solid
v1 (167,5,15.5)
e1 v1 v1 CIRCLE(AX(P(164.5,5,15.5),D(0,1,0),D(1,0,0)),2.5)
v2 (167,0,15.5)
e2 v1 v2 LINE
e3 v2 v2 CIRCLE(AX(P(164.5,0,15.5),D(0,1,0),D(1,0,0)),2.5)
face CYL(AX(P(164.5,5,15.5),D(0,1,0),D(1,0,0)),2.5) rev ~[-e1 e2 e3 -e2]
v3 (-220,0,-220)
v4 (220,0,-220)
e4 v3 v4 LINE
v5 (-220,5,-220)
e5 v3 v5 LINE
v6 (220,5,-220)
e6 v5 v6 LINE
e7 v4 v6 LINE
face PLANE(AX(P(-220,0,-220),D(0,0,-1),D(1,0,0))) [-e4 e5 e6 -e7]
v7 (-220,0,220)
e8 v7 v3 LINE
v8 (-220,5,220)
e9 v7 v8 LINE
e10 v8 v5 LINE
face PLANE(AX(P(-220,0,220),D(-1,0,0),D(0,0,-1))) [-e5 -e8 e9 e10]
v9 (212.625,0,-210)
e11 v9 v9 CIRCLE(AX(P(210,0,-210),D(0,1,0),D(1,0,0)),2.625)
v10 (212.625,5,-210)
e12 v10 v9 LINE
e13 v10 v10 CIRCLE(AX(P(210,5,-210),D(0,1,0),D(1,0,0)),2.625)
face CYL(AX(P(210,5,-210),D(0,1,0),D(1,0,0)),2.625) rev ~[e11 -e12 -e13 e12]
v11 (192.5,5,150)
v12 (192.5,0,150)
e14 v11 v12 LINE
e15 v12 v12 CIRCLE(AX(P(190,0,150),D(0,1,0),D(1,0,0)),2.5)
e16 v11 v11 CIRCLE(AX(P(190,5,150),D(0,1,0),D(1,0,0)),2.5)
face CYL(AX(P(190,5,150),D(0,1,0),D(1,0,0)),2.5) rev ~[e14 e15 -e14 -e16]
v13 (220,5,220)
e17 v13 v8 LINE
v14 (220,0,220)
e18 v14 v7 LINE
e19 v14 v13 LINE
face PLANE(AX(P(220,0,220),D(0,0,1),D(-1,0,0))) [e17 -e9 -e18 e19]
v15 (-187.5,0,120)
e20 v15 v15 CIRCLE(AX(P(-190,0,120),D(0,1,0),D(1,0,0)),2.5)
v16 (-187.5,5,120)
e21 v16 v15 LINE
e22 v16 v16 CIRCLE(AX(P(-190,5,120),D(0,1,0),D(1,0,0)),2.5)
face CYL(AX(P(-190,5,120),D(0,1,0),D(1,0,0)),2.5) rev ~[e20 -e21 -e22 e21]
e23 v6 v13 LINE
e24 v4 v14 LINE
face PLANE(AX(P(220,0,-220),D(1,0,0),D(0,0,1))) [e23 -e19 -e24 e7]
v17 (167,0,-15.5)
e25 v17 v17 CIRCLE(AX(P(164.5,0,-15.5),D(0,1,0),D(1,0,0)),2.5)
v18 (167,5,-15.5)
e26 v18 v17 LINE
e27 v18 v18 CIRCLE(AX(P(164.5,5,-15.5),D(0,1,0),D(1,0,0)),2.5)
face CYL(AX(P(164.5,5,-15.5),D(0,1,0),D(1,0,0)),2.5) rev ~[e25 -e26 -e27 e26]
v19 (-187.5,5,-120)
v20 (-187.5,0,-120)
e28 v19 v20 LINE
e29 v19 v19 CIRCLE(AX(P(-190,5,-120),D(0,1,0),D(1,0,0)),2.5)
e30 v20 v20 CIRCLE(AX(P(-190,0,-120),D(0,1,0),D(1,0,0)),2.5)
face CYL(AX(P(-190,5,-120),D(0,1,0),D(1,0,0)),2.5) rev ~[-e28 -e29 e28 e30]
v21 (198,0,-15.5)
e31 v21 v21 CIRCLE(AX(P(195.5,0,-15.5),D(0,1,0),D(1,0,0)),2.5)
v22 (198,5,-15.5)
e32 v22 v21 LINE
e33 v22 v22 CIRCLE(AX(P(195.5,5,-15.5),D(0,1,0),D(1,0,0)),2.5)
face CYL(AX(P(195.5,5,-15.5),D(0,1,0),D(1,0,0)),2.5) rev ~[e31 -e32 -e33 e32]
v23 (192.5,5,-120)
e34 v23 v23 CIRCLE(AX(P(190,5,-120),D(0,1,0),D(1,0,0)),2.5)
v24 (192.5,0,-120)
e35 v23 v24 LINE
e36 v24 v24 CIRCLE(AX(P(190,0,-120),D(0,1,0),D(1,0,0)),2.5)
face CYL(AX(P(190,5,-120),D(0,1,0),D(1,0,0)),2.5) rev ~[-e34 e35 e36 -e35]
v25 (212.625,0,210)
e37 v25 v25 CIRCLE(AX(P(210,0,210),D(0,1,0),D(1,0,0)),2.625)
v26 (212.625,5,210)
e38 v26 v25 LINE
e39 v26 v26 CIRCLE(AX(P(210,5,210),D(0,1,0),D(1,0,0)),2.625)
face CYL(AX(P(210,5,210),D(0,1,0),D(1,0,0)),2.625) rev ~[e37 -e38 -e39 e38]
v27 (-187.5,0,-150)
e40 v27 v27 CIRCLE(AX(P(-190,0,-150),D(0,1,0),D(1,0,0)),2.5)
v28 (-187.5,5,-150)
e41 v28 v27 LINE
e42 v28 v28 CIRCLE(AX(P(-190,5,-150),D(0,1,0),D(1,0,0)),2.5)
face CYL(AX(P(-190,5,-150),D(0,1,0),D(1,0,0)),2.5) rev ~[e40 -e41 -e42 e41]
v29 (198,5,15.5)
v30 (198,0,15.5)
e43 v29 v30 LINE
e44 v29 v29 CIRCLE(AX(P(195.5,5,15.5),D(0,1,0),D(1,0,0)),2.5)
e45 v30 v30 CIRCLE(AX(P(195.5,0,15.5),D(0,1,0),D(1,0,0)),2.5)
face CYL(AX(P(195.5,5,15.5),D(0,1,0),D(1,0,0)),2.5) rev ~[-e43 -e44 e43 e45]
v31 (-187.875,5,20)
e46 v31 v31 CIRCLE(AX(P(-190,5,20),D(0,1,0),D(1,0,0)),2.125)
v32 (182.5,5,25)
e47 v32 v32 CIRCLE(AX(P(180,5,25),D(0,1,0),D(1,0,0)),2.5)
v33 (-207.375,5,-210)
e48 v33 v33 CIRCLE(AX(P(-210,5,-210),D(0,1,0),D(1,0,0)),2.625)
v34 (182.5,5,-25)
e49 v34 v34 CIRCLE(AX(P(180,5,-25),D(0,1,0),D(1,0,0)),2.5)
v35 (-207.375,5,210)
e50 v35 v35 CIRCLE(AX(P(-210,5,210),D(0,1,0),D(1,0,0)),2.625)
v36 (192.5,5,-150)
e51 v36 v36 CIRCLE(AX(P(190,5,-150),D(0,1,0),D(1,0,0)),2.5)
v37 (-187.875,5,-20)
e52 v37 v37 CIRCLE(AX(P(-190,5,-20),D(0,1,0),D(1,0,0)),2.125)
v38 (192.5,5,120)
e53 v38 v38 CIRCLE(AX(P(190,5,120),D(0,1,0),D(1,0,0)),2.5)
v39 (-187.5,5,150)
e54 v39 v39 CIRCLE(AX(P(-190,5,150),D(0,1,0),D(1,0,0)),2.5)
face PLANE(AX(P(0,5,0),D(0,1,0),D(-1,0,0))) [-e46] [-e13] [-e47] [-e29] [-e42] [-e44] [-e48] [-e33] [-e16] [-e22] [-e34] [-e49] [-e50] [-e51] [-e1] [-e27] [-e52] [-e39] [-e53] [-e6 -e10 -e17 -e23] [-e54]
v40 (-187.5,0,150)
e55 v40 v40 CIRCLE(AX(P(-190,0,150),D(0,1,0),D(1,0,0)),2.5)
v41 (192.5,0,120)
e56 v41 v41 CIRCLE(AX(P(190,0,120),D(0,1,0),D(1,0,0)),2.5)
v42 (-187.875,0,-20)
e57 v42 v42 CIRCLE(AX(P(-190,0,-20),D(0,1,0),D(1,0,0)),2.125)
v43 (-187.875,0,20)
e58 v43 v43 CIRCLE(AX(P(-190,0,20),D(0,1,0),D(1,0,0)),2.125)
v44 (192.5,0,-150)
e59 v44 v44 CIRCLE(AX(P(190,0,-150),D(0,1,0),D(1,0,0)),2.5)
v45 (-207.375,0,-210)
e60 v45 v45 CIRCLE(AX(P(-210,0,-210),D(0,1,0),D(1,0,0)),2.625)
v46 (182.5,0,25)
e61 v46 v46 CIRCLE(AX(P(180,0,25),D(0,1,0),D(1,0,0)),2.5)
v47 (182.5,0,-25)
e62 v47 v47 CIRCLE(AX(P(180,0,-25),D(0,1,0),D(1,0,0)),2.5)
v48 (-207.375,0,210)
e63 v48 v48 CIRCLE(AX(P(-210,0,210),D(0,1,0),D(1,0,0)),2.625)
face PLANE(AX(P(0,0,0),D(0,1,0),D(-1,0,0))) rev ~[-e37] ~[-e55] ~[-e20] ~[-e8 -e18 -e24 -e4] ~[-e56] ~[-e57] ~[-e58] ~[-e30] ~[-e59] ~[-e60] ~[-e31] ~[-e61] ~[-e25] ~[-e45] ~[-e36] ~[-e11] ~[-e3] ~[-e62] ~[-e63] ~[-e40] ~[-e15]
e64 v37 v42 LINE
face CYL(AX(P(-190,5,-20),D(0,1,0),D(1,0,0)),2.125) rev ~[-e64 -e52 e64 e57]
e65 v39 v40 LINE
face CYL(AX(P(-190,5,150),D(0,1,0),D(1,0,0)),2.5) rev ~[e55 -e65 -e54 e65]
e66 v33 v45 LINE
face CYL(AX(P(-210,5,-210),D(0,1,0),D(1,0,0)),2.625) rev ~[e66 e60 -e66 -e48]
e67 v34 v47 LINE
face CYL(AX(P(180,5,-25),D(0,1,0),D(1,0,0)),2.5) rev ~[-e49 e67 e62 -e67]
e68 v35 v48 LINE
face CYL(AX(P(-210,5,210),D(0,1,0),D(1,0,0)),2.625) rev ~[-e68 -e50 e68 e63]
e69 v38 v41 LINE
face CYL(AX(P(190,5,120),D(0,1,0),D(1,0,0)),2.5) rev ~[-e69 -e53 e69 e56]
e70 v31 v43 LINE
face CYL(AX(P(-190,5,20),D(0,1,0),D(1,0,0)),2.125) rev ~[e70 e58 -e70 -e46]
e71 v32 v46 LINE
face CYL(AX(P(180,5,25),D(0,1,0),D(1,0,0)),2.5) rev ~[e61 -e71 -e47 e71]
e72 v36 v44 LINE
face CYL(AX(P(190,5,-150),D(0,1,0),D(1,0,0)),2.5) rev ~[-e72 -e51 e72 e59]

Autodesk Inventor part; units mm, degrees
ref_plane "YZ Plane" through (0, 0, 0) normal (1, 0, 0) x (0, 1, 0)
ref_plane "XZ Plane" through (0, 0, 0) normal (0, 1, 0) x (-1, 0, 0)
ref_plane "XY Plane" through (0, 0, 0) normal (0, 0, 1) x (1, 0, 0)
sketch "Sketch1" plane through (0, 0, 0) normal (0, 1, 0) x (-1, 0, 0)
  line L0 (220, -220) -> (-220, -220)
  line L1 (-220, -220) -> (-220, 220)
  line L2 (-220, 220) -> (220, 220)
  line L3 (220, 220) -> (220, -220)
  line L4 (160, -160) -> (-160, -160)
  line L5 (-160, -160) -> (-160, 160)
  line L6 (-160, 160) -> (160, 160)
  line L7 (160, 160) -> (160, -160)
  line L8 (0, 42.2223) -> (0, -35.1237) construction
  line L9 (40.4991, 0) -> (-29.63, 0) construction
  point P0 (0, 0)
  dimension "d0" = 440
  dimension "d1" = 320
  dimension "d2" = 320
  dimension "d3" = 440
extrude "Extrusion1" add sketch "Sketch1" along normal blind 5 contours L0 L1 L2 L3 | L4 L5 L6 L7
sketch "Sketch3" plane through (0, 5, 0) normal (0, 1, 0) x (1, 0, 0)
  circle A0 centre (-190, -150) radius 2.5
  circle A1 centre (-190, -120) radius 2.5
  circle A2 centre (-190, -20) radius 2.125
  circle A3 centre (-190, 20) radius 2.125
  circle A4 centre (-190, 120) radius 2.5
  circle A5 centre (-190, 150) radius 2.5
  circle A6 centre (190, 120) radius 2.5
  circle A7 centre (190, 150) radius 2.5
  circle A8 centre (190, -150) radius 2.5
  circle A9 centre (190, -120) radius 2.5
  circle A10 centre (180, -25) radius 2.5
  circle A11 centre (195.5, -15.5) radius 2.5
  circle A12 centre (195.5, 15.5) radius 2.5
  circle A13 centre (180, 25) radius 2.5
  circle A14 centre (164.5, -15.5) radius 2.5
  circle A15 centre (164.5, 15.5) radius 2.5
  circle A16 centre (210, 210) radius 2.625
  circle A17 centre (210, -210) radius 2.625
  circle A18 centre (-210, -210) radius 2.625
  circle A19 centre (-210, 210) radius 2.625
  line L0 (210, 210) -> (210, -210) construction
  line L1 (210, -210) -> (-210, -210) construction
  line L2 (-210, -210) -> (-210, 210) construction
  line L3 (-210, 210) -> (210, 210) construction
  line L4 (210, 171.5822) -> (220, 171.5822)
  line L5 (220, -220) -> (220, 220) projected
  line L6 (-210, 160.3384) -> (-220, 160.3384)
  line L7 (-220, 220) -> (-220, -220) projected
  line L8 (220, 220) -> (-220, 220) projected
  line L9 (-109.669, 220) -> (-109.669, 210)
  line L10 (-109.2567, -210) -> (-109.2567, -220)
  dimension "d28" = 5.25
  dimension "d29" = 5.25
  dimension "d30" = 5.25
  dimension "d31" = 5.25
  dimension "d32" = 10
extrude "Extrusion2" cut sketch "Sketch3" against normal through all
properties part number "Floor"
